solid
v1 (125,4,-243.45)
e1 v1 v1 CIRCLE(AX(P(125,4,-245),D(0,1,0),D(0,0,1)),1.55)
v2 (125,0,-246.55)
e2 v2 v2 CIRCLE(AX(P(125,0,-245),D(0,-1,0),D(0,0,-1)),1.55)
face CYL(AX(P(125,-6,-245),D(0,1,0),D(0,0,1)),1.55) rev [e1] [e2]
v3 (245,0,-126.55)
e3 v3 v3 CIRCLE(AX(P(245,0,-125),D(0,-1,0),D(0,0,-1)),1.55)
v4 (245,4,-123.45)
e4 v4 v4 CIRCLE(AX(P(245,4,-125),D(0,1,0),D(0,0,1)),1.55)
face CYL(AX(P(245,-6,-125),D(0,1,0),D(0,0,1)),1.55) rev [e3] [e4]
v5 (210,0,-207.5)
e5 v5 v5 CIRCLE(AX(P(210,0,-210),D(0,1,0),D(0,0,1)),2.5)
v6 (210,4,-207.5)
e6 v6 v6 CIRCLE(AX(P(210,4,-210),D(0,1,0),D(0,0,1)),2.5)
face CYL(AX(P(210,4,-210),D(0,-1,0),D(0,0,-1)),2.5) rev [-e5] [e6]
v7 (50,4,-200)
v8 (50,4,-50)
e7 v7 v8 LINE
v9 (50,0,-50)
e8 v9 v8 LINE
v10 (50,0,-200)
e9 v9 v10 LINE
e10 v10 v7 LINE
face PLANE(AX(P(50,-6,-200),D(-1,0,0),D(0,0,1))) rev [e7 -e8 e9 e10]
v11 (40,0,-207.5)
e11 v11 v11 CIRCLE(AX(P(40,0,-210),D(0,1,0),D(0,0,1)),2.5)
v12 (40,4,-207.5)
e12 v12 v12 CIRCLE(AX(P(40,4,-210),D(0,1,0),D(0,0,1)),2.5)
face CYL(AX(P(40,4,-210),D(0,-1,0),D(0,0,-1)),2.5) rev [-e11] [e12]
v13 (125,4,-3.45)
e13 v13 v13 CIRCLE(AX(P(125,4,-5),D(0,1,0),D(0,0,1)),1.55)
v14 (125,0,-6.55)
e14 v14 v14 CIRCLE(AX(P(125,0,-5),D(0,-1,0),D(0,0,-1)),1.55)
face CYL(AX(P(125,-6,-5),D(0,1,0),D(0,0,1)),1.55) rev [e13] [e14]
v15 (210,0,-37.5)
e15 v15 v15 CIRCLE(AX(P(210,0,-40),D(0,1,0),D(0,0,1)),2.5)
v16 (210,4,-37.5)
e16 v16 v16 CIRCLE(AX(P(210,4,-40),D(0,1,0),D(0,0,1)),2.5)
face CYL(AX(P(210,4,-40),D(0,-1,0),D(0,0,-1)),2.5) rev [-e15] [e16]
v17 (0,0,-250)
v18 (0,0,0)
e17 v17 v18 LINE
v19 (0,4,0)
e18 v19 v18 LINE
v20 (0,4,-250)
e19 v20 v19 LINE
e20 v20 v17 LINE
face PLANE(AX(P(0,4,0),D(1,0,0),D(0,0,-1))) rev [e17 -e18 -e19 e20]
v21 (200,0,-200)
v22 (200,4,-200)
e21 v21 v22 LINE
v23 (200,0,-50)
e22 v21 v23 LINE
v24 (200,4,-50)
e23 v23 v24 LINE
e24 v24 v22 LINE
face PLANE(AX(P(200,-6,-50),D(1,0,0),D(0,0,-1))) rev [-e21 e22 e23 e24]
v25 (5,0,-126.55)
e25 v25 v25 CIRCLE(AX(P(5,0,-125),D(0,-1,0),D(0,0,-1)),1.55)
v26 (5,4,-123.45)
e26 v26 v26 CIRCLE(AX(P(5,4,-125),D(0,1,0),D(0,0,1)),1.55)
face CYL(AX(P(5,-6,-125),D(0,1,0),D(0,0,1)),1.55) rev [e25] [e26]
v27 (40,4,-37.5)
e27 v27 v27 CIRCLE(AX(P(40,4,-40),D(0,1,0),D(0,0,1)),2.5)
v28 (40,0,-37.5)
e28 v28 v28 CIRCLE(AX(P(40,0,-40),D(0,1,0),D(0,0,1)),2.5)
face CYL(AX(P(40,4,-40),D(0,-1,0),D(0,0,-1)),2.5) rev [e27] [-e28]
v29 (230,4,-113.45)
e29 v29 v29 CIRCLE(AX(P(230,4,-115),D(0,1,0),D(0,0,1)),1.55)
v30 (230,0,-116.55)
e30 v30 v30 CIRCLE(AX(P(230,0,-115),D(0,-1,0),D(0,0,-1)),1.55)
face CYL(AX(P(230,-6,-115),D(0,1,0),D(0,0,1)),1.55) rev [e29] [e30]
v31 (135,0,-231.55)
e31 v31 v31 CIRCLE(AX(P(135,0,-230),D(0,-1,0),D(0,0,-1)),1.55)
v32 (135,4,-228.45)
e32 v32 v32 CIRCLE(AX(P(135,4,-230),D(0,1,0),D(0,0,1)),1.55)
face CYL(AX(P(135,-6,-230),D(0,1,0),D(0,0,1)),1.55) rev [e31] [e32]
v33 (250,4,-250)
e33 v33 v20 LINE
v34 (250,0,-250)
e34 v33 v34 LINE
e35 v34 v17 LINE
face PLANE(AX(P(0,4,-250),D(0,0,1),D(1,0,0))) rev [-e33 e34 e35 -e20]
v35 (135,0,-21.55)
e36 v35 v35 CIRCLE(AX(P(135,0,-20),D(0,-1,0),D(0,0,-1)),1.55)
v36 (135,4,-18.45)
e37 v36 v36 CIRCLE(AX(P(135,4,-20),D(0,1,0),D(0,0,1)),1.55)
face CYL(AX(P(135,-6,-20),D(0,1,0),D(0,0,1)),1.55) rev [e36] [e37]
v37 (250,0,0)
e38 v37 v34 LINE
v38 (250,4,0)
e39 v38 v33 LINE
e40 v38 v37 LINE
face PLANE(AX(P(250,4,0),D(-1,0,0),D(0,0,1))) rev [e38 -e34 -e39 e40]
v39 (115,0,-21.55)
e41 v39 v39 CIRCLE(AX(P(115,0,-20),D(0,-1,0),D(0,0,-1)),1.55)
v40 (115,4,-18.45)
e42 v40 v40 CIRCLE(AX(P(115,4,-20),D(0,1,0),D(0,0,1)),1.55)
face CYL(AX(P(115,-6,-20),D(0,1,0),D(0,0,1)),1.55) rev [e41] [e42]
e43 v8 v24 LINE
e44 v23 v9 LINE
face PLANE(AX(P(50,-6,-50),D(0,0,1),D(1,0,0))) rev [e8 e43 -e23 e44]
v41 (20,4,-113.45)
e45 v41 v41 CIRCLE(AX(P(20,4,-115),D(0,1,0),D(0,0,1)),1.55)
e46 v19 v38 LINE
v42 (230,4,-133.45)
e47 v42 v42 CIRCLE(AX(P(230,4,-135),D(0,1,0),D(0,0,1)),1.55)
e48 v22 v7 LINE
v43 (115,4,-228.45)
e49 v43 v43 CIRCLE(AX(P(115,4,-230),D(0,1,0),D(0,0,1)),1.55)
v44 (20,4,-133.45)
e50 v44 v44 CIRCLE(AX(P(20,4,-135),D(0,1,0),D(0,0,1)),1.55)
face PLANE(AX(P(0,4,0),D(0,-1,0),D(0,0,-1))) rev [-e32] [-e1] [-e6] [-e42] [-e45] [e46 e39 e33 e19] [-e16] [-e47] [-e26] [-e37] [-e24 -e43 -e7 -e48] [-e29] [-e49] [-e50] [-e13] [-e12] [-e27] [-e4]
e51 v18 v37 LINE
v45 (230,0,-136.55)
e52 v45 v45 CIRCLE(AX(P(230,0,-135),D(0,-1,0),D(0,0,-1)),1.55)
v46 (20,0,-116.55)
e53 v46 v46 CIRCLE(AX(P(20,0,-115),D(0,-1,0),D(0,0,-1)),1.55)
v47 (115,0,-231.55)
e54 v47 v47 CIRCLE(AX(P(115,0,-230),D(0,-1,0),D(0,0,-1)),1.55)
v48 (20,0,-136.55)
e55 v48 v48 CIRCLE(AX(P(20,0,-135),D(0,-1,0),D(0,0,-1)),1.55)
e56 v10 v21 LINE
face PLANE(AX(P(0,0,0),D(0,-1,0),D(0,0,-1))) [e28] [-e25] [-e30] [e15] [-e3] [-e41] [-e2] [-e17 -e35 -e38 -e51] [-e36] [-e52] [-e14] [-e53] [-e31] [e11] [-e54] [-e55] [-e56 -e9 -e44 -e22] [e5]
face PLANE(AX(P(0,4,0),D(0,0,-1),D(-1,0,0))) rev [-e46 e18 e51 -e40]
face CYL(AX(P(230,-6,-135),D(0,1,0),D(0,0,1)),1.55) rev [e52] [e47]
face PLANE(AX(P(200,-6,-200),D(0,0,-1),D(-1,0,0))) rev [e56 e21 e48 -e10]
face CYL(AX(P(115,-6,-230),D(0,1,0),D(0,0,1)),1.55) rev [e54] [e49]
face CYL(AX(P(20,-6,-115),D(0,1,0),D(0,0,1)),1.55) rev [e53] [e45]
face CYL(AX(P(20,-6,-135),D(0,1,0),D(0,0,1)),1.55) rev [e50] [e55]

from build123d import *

# Parameters (mm, degrees)
CROQUIS1_W              = 250
CROQUIS1_H              = 250
CROQUIS1_R              = 2.5
SALIENTE_EXTRUIR1_DEPTH = 4
CORTAR_EXTRUIR1_DEPTH   = 4
CROQUIS3_W              = 150
CROQUIS3_H              = 150
CROQUIS3_W_2            = 100
CROQUIS3_H_2            = 100
SALIENTE_EXTRUIR2_DEPTH = 4
CROQUIS4_R              = 1.55
CORTAR_EXTRUIR2_DEPTH   = 10
CROQUIS5_W              = 150
CROQUIS5_H              = 150
CROQUIS5_W_2            = 100
CROQUIS5_H_2            = 100
CORTAR_EXTRUIR3_DEPTH   = 10
CROQUIS6_R              = 1.55
CORTAR_EXTRUIR4_DEPTH   = 10


with BuildPart() as part:
    # Croquis1 → Saliente-Extruir1 (new body)
    with BuildSketch(Plane(origin=(0, 0, 0), x_dir=(1, 0, 0), z_dir=(0, 1, 0))):
        with Locations((125, 125)):
            Rectangle(CROQUIS1_W, CROQUIS1_H)
        with Locations(Location((40, 210, 0), (0, 0, 270))):
            Circle(CROQUIS1_R, mode=Mode.SUBTRACT)
        with Locations(Location((210, 210, 0), (0, 0, 270))):
            Circle(CROQUIS1_R, mode=Mode.SUBTRACT)
        with Locations(Location((210, 40, 0), (0, 0, 270))):
            Circle(CROQUIS1_R, mode=Mode.SUBTRACT)
        with Locations(Location((40, 40, 0), (0, 0, 270))):
            Circle(CROQUIS1_R, mode=Mode.SUBTRACT)
    extrude(amount=SALIENTE_EXTRUIR1_DEPTH)

    # Croquis2 → Cortar-Extruir1 (cut)
    with BuildSketch(Plane(origin=(0, 4, 0), x_dir=(1, 0, 0), z_dir=(0, 1, 0))):
        Polygon((50, 50), (200, 50), (200, 200), (50, 200), (50, 150.09044268), align=None)
    extrude(amount=-CORTAR_EXTRUIR1_DEPTH, mode=Mode.SUBTRACT)

    # Croquis3 → Saliente-Extruir2 (add)
    with BuildSketch(Plane(origin=(0, 4, 0), x_dir=(1, 0, 0), z_dir=(0, 1, 0))):
        with Locations((125, 125)):
            Rectangle(CROQUIS3_W, CROQUIS3_H)
        with Locations((125, 125)):
            Rectangle(CROQUIS3_W_2, CROQUIS3_H_2, mode=Mode.SUBTRACT)
    extrude(amount=-SALIENTE_EXTRUIR2_DEPTH)

    # Croquis4 → Cortar-Extruir2 (cut)
    with BuildSketch(Plane(origin=(0, 4, 0), x_dir=(1, 0, 0), z_dir=(0, 1, 0))):
        with Locations(Location((115, 20, 0), (0, 0, 270))):
            Circle(CROQUIS4_R)
        with Locations(Location((135, 20, 0), (0, 0, 270))):
            Circle(CROQUIS4_R)
        with Locations(Location((125, 5, 0), (0, 0, 270))):
            Circle(CROQUIS4_R)
    extrude(amount=-CORTAR_EXTRUIR2_DEPTH, mode=Mode.SUBTRACT)

    # Croquis5 → Cortar-Extruir3 (cut)
    with BuildSketch(Plane(origin=(0, 4, 0), x_dir=(1, 0, 0), z_dir=(0, 1, 0))):
        with Locations((125, 125)):
            Rectangle(CROQUIS5_W, CROQUIS5_H)
        with Locations((125, 125)):
            Rectangle(CROQUIS5_W_2, CROQUIS5_H_2, mode=Mode.SUBTRACT)
    extrude(amount=-CORTAR_EXTRUIR3_DEPTH, mode=Mode.SUBTRACT)

    # Croquis6 → Cortar-Extruir4 (cut)
    with BuildSketch(Plane(origin=(0, 4, 0), x_dir=(1, 0, 0), z_dir=(0, 1, 0))):
        with Locations(Location((125, 5, 0), (0, 0, 270))):
            Circle(CROQUIS6_R)
        with Locations(Location((115, 20, 0), (0, 0, 270))):
            Circle(CROQUIS6_R)
        with Locations(Location((135, 20, 0), (0, 0, 270))):
            Circle(CROQUIS6_R)
        with Locations(Location((20, 115, 0), (0, 0, 270))):
            Circle(CROQUIS6_R)
        with Locations(Location((20, 135, 0), (0, 0, 270))):
            Circle(CROQUIS6_R)
        with Locations(Location((5, 125, 0), (0, 0, 270))):
            Circle(CROQUIS6_R)
        with Locations(Location((115, 230, 0), (0, 0, 270))):
            Circle(CROQUIS6_R)
        with Locations(Location((135, 230, 0), (0, 0, 270))):
            Circle(CROQUIS6_R)
        with Locations(Location((125, 245, 0), (0, 0, 270))):
            Circle(CROQUIS6_R)
        with Locations(Location((230, 135, 0), (0, 0, 270))):
            Circle(CROQUIS6_R)
        with Locations(Location((230, 115, 0), (0, 0, 270))):
            Circle(CROQUIS6_R)
        with Locations(Location((245, 125, 0), (0, 0, 270))):
            Circle(CROQUIS6_R)
    extrude(amount=-CORTAR_EXTRUIR4_DEPTH, mode=Mode.SUBTRACT)


solid = part.part
